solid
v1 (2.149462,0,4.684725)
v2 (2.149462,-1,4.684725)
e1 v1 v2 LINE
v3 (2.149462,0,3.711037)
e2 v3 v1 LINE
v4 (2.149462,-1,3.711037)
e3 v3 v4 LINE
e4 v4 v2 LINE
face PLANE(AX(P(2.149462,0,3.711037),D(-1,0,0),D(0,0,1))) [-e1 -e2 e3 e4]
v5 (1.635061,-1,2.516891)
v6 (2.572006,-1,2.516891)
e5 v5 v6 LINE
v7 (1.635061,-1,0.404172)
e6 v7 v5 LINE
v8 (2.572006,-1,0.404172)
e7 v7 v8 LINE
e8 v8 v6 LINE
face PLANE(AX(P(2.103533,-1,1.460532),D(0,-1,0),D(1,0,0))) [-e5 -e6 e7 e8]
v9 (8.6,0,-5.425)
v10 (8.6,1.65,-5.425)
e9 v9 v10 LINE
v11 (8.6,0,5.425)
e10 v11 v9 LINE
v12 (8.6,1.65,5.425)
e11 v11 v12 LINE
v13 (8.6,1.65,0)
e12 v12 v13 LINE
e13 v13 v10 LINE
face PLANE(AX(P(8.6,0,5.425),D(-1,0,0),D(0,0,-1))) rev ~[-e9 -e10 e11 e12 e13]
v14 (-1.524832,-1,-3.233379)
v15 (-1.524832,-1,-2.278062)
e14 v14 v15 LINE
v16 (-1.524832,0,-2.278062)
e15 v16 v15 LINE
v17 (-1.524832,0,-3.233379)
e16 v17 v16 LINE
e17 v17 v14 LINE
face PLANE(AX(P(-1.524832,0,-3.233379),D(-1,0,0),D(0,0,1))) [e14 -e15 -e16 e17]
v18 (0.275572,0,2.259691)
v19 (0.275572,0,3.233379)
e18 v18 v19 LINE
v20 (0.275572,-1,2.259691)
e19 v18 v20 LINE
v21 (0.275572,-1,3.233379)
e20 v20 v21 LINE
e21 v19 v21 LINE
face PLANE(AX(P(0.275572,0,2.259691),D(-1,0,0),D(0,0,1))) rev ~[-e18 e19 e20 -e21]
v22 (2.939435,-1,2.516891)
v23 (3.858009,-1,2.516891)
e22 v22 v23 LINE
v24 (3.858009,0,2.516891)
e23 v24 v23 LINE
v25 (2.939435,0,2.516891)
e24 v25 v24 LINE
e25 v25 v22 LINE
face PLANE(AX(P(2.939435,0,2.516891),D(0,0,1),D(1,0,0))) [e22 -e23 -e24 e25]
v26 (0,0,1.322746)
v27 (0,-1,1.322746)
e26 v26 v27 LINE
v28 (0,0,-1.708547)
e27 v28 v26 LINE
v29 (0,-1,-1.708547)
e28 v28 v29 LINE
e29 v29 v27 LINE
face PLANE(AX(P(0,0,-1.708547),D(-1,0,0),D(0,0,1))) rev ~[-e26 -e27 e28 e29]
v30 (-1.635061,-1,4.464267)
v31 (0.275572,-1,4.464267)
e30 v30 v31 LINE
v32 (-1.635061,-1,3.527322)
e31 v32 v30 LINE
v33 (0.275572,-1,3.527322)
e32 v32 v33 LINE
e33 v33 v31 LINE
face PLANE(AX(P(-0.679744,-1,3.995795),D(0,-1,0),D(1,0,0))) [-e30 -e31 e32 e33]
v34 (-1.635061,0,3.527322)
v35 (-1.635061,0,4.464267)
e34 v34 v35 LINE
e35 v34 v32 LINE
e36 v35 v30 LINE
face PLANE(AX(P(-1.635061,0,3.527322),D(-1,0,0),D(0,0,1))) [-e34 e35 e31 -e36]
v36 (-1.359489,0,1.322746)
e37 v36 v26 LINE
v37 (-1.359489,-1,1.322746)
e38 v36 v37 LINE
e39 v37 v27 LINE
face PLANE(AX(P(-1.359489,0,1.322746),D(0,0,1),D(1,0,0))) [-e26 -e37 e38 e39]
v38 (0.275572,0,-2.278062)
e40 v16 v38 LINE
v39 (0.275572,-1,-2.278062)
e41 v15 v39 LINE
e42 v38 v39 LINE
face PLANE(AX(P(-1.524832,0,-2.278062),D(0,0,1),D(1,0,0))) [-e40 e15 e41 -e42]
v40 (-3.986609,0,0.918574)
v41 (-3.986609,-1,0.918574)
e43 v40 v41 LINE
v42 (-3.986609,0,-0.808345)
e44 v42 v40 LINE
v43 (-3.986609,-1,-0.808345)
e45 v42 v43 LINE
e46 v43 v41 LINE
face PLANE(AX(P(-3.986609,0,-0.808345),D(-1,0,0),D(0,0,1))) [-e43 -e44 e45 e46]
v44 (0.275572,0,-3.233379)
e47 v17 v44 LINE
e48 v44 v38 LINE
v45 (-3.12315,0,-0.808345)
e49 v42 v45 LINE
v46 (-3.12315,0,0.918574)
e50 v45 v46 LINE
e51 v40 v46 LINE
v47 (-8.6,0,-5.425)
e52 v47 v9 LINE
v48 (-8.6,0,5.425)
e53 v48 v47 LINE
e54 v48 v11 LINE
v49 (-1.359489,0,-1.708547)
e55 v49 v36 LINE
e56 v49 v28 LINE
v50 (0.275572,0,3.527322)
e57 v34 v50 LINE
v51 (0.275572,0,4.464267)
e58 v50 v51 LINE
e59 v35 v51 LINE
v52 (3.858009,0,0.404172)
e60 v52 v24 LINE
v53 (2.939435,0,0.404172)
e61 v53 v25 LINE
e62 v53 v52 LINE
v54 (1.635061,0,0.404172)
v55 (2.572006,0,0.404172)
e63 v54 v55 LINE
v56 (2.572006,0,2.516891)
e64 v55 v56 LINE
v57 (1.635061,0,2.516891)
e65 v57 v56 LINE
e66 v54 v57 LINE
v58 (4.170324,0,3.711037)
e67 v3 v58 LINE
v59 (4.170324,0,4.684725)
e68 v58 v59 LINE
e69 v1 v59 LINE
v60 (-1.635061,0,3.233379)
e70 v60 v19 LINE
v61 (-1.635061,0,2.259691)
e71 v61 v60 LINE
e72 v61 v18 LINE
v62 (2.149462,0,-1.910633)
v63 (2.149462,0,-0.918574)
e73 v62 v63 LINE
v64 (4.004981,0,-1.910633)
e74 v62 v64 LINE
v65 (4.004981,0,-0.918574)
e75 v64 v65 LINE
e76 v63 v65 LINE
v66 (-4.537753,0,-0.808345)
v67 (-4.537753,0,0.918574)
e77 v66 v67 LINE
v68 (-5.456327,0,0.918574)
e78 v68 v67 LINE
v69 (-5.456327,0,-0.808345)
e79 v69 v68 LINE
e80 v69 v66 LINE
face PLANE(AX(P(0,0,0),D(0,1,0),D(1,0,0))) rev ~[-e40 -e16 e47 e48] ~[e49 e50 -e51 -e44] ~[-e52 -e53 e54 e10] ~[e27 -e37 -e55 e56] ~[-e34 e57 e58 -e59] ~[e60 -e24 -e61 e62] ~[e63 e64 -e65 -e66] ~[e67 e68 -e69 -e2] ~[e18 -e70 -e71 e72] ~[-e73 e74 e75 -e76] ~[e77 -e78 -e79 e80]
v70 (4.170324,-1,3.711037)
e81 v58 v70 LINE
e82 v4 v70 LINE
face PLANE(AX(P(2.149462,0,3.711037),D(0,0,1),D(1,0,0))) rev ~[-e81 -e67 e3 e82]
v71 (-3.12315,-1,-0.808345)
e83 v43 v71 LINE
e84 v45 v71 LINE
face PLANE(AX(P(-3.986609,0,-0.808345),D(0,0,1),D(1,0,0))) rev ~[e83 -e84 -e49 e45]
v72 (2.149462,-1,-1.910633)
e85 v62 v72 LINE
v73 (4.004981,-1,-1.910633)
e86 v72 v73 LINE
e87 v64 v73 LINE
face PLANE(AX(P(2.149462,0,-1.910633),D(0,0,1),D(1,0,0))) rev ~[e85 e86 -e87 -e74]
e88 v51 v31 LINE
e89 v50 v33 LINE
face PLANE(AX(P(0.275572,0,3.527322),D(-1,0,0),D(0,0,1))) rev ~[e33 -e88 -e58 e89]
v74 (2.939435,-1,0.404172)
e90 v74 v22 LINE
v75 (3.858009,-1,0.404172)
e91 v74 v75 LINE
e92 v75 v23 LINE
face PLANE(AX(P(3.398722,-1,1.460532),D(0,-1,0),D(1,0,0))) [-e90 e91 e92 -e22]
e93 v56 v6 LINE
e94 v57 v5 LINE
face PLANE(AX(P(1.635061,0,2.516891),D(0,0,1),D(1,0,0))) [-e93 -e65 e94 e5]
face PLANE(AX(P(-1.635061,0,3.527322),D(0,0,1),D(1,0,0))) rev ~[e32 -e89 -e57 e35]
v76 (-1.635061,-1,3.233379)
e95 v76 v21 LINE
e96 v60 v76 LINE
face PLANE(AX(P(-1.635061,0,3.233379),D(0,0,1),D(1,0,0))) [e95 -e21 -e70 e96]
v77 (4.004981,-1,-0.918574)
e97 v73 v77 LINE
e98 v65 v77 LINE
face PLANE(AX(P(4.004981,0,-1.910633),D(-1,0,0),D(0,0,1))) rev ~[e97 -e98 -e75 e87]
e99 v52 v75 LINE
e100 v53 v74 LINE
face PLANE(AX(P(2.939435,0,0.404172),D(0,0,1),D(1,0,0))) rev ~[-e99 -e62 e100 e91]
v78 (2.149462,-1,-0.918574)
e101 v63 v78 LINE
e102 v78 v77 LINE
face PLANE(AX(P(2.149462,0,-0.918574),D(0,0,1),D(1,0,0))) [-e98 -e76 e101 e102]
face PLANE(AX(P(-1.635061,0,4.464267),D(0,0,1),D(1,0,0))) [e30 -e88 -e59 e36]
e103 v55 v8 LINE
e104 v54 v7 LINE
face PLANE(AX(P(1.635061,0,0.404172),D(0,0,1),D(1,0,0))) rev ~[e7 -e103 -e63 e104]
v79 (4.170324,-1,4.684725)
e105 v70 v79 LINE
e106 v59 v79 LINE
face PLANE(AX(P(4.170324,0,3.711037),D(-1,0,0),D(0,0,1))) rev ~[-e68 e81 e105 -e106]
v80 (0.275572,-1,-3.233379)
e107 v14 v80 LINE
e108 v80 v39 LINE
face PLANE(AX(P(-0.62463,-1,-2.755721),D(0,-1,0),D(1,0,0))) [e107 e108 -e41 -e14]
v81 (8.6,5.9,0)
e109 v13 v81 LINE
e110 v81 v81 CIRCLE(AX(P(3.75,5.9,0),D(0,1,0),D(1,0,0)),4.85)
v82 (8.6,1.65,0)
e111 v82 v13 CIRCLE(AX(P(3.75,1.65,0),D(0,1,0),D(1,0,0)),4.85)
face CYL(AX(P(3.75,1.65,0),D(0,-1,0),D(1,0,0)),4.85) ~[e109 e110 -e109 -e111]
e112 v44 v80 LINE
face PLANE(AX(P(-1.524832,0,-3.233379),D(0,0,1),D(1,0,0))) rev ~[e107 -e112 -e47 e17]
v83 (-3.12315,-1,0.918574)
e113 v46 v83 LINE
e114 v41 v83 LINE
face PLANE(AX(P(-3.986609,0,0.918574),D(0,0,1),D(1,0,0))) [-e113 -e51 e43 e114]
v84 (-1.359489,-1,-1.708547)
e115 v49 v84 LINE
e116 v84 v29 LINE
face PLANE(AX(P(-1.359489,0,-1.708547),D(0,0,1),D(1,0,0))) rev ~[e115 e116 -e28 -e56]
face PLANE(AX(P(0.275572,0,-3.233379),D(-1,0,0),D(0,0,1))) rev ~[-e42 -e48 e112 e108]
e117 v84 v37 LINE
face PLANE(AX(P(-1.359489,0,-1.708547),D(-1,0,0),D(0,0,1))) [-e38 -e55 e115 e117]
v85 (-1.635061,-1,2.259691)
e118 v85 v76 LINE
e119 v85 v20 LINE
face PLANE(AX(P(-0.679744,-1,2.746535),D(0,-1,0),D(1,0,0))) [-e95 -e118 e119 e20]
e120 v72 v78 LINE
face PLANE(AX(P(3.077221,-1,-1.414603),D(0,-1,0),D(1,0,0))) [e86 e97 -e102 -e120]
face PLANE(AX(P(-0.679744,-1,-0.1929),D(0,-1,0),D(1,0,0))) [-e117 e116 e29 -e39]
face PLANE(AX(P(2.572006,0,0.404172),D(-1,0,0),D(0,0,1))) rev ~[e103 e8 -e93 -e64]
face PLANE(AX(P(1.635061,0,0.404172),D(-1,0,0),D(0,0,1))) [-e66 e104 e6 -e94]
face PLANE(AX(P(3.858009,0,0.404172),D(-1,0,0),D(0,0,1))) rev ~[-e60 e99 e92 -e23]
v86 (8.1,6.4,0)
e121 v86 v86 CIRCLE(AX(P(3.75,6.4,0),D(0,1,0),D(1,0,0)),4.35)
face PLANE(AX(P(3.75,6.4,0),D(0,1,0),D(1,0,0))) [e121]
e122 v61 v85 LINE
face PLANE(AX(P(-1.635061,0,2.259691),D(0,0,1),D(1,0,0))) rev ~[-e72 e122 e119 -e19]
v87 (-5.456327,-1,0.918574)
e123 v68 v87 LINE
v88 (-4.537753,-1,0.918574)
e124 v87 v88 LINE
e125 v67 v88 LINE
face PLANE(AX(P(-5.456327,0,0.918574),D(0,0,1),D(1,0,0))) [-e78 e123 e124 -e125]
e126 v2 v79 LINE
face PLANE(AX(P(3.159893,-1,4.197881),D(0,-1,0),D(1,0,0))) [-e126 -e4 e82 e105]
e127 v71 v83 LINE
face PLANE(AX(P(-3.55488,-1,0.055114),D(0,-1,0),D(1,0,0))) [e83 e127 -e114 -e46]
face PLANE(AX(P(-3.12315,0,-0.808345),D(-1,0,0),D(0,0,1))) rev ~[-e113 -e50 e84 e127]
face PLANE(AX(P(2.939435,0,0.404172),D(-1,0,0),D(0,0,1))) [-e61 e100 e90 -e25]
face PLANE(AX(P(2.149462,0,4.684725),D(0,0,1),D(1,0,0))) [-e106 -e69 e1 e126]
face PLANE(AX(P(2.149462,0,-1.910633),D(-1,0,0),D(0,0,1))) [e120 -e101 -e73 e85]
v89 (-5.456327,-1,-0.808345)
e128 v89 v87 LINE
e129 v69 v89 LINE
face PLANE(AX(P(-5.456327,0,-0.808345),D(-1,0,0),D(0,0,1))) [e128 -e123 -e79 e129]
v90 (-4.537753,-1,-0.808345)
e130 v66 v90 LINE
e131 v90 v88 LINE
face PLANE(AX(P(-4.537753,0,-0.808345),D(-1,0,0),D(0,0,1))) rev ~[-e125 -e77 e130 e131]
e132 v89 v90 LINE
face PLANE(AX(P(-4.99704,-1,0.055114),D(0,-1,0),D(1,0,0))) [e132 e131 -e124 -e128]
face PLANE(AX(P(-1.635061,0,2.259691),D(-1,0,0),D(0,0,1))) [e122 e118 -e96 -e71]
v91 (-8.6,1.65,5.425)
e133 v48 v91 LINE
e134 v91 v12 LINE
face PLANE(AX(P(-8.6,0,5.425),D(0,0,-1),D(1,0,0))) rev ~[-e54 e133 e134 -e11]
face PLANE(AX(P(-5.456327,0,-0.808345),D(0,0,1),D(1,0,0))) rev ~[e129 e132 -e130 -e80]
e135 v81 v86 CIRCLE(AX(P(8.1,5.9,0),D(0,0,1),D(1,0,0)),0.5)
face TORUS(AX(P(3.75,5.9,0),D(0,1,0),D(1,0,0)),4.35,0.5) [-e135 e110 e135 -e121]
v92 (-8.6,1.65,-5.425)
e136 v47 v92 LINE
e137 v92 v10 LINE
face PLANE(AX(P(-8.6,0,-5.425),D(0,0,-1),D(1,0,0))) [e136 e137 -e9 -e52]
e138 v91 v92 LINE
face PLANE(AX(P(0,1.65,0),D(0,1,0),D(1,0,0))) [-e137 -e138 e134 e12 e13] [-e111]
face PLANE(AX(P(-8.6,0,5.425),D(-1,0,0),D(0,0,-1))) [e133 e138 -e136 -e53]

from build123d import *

# Parameters (mm, degrees)
SKETCH1_W           = 17.2
SKETCH1_H           = 10.85
BOSS_EXTRUDE1_DEPTH = 1.65
SKETCH2_R           = 4.85
BOSS_EXTRUDE2_DEPTH = 4.75
FILLET1_R           = 0.5
SKETCH3_W           = 1.359488803
SKETCH3_H           = 3.031292602
SKETCH3_W_2         = 1.800404091
SKETCH3_H_2         = 0.955316456
SKETCH3_W_3         = 0.863459105
SKETCH3_H_3         = 1.72691821
SKETCH3_W_4         = 0.918573516
SKETCH3_W_5         = 1.910632913
SKETCH3_H_4         = 0.936944986
SKETCH3_H_5         = 0.973687927
SKETCH3_W_6         = 2.020861734
SKETCH3_W_7         = 0.936944986
SKETCH3_H_6         = 2.112719086
SKETCH3_W_8         = 1.855518501
SKETCH3_H_7         = 0.992059397
BOSS_EXTRUDE3_DEPTH = 1


with BuildPart() as part:
    # Sketch1 → Boss-Extrude1 (new body)
    with BuildSketch(Plane(origin=(0, 0, 0), x_dir=(1, 0, 0), z_dir=(0, 1, 0))):
        Rectangle(SKETCH1_W, SKETCH1_H)
    extrude(amount=BOSS_EXTRUDE1_DEPTH)

    # Sketch2 → Boss-Extrude2 (add)
    with BuildSketch(Plane(origin=(0, 1.65, 0), x_dir=(1, 0, 0), z_dir=(0, 1, 0))):
        with Locations((3.75, 0)):
            Circle(SKETCH2_R)
    extrude(amount=BOSS_EXTRUDE2_DEPTH)

    # Fillet1
    fillet1_edges = [part.edges().sort_by_distance(p)[0] for p in [
        (-1.1, 6.4, 0),
    ]]
    fillet(fillet1_edges, radius=FILLET1_R)

    # Sketch3 → Boss-Extrude3 (add)
    with BuildSketch(Plane.XZ):
        with Locations((-0.679744402, -0.192900438)):
            Rectangle(SKETCH3_W, SKETCH3_H)
        with Locations((-0.624629991, -2.755720547)):
            Rectangle(SKETCH3_W_2, SKETCH3_H_2)
        with Locations((-3.554879506, 0.055114411)):
            Rectangle(SKETCH3_W_3, SKETCH3_H_3)
        with Locations((-4.997039925, 0.055114411)):
            Rectangle(SKETCH3_W_4, SKETCH3_H_3)
        with Locations((-0.679744402, 3.995794793)):
            Rectangle(SKETCH3_W_5, SKETCH3_H_4)
        with Locations((-0.679744402, 2.746534812)):
            Rectangle(SKETCH3_W_5, SKETCH3_H_5)
        with Locations((3.159892894, 4.197880967)):
            Rectangle(SKETCH3_W_6, SKETCH3_H_5)
        with Locations((2.103533351, 1.46053189)):
            Rectangle(SKETCH3_W_7, SKETCH3_H_6)
        with Locations((3.398722008, 1.46053189)):
            Rectangle(SKETCH3_W_4, SKETCH3_H_6)
        with Locations((3.077221278, -1.414603215)):
            Rectangle(SKETCH3_W_8, SKETCH3_H_7)
    extrude(amount=BOSS_EXTRUDE3_DEPTH)


solid = part.part
